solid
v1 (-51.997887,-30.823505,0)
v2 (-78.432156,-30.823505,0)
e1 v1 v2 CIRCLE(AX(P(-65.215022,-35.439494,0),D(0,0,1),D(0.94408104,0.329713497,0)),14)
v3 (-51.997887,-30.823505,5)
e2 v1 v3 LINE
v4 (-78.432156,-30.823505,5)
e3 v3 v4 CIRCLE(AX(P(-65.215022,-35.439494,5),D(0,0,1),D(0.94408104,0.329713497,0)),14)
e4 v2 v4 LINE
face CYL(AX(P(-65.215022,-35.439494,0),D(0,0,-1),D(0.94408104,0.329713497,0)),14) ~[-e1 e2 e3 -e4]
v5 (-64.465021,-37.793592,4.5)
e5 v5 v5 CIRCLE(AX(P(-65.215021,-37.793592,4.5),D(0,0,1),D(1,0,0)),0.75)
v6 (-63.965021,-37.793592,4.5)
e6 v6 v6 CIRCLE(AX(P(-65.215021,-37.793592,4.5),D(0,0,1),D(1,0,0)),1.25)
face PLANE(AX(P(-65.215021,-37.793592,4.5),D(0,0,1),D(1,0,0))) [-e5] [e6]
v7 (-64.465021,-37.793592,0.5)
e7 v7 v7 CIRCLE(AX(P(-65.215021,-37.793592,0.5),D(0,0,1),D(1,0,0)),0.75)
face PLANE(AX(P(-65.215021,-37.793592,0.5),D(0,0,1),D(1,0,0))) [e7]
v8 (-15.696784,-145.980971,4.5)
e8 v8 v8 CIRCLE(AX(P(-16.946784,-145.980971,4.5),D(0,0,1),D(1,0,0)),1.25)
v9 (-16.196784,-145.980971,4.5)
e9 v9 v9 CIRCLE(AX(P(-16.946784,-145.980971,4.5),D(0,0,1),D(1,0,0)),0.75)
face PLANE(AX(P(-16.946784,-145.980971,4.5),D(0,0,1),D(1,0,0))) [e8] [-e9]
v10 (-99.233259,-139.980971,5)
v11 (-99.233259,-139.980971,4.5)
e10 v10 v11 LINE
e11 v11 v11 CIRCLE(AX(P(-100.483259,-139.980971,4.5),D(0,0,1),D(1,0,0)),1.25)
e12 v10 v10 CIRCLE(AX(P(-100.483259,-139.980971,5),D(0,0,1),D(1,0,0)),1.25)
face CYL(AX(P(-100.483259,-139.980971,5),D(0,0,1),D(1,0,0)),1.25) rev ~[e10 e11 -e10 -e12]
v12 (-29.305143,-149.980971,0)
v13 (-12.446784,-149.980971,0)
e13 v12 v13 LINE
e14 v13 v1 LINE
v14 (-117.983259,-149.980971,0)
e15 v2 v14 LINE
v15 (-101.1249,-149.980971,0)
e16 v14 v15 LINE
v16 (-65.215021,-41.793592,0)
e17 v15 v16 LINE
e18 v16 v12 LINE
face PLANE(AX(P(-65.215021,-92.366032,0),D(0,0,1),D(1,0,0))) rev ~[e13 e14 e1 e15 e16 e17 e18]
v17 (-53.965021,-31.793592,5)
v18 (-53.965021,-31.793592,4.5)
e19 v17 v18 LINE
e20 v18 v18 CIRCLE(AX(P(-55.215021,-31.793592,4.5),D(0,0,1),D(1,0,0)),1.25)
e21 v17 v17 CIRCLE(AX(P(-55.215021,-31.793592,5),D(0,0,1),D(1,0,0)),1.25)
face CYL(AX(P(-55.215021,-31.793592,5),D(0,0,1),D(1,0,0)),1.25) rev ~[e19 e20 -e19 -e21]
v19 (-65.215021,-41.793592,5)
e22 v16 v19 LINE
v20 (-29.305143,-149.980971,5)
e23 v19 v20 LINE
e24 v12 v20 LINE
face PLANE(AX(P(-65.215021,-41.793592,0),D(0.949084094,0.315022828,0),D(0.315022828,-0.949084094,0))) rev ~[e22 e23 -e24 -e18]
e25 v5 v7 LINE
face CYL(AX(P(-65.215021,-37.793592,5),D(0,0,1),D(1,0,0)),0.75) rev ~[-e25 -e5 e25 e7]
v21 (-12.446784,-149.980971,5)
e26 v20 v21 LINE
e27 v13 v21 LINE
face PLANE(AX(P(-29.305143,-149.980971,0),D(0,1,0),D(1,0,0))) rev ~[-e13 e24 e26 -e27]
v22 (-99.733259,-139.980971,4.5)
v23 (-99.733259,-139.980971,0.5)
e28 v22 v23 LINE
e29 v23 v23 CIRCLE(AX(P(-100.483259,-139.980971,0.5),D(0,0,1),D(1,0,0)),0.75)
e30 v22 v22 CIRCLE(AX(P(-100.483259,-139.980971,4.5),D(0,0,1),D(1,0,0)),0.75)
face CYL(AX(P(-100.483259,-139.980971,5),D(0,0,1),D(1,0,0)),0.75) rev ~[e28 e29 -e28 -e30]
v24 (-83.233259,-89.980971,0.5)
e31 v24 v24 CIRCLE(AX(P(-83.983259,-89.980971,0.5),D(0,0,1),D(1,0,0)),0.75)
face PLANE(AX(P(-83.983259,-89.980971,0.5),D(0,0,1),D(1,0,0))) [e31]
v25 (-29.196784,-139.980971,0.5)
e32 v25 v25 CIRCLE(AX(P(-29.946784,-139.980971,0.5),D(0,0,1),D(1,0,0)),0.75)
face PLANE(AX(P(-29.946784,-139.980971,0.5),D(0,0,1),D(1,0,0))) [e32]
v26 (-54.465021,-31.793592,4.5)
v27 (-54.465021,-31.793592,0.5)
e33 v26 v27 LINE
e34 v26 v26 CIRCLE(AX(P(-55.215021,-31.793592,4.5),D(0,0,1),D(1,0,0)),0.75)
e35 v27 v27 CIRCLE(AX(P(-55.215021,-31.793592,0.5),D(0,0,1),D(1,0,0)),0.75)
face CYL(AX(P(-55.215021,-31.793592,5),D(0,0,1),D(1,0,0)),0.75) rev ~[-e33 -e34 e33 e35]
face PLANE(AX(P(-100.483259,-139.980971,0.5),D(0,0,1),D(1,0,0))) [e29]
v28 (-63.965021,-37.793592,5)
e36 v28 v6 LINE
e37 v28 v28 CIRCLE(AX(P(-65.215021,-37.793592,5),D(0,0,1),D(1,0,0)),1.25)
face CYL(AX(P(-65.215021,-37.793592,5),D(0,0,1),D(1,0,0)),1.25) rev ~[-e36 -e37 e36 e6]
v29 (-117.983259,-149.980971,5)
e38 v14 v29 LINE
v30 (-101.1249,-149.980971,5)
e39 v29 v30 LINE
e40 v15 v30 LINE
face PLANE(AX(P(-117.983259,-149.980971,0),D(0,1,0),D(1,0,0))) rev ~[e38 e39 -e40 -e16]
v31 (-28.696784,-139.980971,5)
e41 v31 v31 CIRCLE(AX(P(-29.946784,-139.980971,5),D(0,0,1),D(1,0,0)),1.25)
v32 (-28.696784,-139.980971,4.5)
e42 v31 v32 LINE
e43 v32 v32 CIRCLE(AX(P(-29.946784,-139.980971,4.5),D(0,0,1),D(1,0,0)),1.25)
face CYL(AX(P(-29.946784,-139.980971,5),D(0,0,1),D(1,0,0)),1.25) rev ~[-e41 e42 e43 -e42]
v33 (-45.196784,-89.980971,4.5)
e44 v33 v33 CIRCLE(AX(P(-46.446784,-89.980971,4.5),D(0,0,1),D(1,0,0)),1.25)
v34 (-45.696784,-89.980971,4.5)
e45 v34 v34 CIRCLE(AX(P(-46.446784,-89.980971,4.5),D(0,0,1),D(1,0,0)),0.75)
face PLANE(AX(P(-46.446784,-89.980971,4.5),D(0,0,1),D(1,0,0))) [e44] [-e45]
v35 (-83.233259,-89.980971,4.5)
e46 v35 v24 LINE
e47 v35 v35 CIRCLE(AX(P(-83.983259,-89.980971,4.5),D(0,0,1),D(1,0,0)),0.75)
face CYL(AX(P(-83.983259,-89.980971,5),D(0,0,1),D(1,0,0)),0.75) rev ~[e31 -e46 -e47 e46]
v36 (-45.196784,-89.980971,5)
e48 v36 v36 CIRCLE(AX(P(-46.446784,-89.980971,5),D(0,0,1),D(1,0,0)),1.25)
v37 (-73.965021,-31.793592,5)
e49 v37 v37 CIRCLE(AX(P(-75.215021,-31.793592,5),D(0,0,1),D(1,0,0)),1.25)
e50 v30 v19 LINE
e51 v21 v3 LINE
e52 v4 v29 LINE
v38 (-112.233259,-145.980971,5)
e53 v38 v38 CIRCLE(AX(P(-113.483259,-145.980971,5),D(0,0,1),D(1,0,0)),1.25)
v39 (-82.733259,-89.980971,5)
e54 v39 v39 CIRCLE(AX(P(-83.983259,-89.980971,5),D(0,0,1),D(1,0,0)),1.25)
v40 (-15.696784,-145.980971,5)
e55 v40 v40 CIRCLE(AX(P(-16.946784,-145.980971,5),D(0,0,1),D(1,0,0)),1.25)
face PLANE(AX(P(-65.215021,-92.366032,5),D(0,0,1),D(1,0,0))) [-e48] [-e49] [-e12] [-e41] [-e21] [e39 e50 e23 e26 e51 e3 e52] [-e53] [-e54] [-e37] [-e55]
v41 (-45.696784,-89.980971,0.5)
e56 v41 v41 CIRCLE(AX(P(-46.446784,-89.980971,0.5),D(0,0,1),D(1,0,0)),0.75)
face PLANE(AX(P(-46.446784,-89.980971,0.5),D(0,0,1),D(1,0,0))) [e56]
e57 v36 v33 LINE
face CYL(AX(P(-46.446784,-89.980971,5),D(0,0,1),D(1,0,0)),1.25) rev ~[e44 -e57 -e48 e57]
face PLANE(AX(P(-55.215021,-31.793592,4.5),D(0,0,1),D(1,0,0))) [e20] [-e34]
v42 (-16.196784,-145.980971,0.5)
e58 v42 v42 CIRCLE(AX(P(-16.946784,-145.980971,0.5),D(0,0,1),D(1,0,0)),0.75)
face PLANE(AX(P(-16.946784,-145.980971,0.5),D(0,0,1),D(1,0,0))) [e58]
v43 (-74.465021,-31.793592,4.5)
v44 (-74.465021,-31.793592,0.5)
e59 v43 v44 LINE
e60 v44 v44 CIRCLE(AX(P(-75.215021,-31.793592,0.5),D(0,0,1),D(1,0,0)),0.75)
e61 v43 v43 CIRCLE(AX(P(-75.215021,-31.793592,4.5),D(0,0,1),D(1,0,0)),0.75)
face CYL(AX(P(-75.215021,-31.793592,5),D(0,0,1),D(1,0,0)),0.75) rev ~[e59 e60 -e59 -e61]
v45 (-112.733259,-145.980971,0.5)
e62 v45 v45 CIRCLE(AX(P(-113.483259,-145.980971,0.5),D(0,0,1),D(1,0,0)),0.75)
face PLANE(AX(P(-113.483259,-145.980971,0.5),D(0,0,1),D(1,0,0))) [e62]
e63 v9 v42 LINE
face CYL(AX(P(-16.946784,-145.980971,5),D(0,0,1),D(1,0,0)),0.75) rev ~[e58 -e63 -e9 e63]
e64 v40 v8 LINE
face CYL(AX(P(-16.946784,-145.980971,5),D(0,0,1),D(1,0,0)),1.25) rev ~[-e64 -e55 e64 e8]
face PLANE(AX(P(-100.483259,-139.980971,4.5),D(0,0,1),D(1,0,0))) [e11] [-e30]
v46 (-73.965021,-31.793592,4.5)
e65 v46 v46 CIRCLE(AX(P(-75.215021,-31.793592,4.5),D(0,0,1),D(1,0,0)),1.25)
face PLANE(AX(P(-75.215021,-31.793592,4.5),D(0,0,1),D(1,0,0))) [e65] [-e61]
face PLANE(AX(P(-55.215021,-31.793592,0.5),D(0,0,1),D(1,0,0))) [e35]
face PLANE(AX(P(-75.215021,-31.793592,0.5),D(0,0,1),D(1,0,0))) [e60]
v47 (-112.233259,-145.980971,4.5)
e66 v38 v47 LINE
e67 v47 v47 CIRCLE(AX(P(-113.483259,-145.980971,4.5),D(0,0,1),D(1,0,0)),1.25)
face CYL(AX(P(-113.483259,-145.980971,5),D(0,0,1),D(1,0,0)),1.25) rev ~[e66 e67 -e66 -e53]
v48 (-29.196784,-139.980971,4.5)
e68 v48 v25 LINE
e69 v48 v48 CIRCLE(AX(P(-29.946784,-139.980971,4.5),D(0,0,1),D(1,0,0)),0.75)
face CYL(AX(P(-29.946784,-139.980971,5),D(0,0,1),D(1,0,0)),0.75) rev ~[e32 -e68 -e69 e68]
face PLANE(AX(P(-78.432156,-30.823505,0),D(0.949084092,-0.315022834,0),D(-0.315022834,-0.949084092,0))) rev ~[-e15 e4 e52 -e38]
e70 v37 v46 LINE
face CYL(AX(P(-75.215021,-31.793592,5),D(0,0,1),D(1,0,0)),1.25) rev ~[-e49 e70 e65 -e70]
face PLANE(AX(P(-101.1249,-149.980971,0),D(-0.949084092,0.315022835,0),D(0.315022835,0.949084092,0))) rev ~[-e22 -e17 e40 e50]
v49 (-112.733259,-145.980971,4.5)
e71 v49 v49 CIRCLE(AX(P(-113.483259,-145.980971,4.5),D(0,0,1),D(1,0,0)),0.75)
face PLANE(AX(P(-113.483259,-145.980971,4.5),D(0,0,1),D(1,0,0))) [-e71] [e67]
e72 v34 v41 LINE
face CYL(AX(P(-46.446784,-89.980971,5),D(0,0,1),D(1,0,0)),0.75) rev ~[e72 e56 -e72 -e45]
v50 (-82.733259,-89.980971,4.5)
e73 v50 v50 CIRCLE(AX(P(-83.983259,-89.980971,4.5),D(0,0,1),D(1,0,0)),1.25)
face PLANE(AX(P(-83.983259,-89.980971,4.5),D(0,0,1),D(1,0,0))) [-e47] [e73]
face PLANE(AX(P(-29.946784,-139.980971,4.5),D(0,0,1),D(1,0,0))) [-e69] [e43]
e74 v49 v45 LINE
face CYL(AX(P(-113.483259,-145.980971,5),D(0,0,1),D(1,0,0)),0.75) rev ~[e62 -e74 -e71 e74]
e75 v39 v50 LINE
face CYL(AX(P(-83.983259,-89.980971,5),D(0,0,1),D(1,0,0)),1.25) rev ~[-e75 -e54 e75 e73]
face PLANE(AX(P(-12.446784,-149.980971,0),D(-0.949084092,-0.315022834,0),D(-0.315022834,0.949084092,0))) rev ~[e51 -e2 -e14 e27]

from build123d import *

# Parameters (mm, degrees)
F1_DEPTH = 5
F2_R     = 0.75
F3_DEPTH = 4.5
F4_R     = 1.25
F5_DEPTH = 0.5


with BuildPart() as f1:
    # F0 (on Top) → F1 (new body)
    with BuildSketch(Plane.XY):
        with BuildLine():
            Line((-101.1249, -149.980971), (-65.215021, -41.793592))
            Line((-65.215021, -41.793592), (-29.305143, -149.980971))
            Line((-29.305143, -149.980971), (-12.446784, -149.980971))
            Line((-12.446784, -149.980971), (-51.997887, -30.823505))
            ThreePointArc((-51.997887, -30.823505), (-65.215021, -21.439494), (-78.432156, -30.823505))
            Line((-78.432156, -30.823505), (-117.983259, -149.980971))
            Line((-117.983259, -149.980971), (-101.1249, -149.980971))
        make_face()
    extrude(amount=F1_DEPTH)

    # F2 (on face) → F3 (cut)
    with BuildSketch(Plane.XY.offset(5)):
        with Locations((-65.215021, -37.793592)):
            Circle(F2_R)
        with Locations((-113.483259, -145.980971)):
            Circle(F2_R)
        with Locations((-100.483259, -139.980971)):
            Circle(F2_R)
        with Locations((-29.946784, -139.980971)):
            Circle(F2_R)
        with Locations((-16.946784, -145.980971)):
            Circle(F2_R)
        with Locations((-83.983259, -89.980971)):
            Circle(F2_R)
        with Locations((-46.446784, -89.980971)):
            Circle(F2_R)
        with Locations((-75.215021, -31.793592)):
            Circle(F2_R)
        with Locations((-55.215021, -31.793592)):
            Circle(F2_R)
    extrude(amount=-F3_DEPTH, mode=Mode.SUBTRACT)

    # F4 (on face) → F5 (cut)
    with BuildSketch(Plane.XY.offset(5)):
        with Locations((-75.215021, -31.793592)):
            Circle(F4_R)
        with Locations((-65.215021, -37.793592)):
            Circle(F4_R)
        with Locations((-55.215021, -31.793592)):
            Circle(F4_R)
        with Locations((-46.446784, -89.980971)):
            Circle(F4_R)
        with Locations((-83.983259, -89.980971)):
            Circle(F4_R)
        with Locations((-16.946784, -145.980971)):
            Circle(F4_R)
        with Locations((-29.946784, -139.980971)):
            Circle(F4_R)
        with Locations((-100.483259, -139.980971)):
            Circle(F4_R)
        with Locations((-113.483259, -145.980971)):
            Circle(F4_R)
    extrude(amount=-F5_DEPTH, mode=Mode.SUBTRACT)


solid = f1.part
